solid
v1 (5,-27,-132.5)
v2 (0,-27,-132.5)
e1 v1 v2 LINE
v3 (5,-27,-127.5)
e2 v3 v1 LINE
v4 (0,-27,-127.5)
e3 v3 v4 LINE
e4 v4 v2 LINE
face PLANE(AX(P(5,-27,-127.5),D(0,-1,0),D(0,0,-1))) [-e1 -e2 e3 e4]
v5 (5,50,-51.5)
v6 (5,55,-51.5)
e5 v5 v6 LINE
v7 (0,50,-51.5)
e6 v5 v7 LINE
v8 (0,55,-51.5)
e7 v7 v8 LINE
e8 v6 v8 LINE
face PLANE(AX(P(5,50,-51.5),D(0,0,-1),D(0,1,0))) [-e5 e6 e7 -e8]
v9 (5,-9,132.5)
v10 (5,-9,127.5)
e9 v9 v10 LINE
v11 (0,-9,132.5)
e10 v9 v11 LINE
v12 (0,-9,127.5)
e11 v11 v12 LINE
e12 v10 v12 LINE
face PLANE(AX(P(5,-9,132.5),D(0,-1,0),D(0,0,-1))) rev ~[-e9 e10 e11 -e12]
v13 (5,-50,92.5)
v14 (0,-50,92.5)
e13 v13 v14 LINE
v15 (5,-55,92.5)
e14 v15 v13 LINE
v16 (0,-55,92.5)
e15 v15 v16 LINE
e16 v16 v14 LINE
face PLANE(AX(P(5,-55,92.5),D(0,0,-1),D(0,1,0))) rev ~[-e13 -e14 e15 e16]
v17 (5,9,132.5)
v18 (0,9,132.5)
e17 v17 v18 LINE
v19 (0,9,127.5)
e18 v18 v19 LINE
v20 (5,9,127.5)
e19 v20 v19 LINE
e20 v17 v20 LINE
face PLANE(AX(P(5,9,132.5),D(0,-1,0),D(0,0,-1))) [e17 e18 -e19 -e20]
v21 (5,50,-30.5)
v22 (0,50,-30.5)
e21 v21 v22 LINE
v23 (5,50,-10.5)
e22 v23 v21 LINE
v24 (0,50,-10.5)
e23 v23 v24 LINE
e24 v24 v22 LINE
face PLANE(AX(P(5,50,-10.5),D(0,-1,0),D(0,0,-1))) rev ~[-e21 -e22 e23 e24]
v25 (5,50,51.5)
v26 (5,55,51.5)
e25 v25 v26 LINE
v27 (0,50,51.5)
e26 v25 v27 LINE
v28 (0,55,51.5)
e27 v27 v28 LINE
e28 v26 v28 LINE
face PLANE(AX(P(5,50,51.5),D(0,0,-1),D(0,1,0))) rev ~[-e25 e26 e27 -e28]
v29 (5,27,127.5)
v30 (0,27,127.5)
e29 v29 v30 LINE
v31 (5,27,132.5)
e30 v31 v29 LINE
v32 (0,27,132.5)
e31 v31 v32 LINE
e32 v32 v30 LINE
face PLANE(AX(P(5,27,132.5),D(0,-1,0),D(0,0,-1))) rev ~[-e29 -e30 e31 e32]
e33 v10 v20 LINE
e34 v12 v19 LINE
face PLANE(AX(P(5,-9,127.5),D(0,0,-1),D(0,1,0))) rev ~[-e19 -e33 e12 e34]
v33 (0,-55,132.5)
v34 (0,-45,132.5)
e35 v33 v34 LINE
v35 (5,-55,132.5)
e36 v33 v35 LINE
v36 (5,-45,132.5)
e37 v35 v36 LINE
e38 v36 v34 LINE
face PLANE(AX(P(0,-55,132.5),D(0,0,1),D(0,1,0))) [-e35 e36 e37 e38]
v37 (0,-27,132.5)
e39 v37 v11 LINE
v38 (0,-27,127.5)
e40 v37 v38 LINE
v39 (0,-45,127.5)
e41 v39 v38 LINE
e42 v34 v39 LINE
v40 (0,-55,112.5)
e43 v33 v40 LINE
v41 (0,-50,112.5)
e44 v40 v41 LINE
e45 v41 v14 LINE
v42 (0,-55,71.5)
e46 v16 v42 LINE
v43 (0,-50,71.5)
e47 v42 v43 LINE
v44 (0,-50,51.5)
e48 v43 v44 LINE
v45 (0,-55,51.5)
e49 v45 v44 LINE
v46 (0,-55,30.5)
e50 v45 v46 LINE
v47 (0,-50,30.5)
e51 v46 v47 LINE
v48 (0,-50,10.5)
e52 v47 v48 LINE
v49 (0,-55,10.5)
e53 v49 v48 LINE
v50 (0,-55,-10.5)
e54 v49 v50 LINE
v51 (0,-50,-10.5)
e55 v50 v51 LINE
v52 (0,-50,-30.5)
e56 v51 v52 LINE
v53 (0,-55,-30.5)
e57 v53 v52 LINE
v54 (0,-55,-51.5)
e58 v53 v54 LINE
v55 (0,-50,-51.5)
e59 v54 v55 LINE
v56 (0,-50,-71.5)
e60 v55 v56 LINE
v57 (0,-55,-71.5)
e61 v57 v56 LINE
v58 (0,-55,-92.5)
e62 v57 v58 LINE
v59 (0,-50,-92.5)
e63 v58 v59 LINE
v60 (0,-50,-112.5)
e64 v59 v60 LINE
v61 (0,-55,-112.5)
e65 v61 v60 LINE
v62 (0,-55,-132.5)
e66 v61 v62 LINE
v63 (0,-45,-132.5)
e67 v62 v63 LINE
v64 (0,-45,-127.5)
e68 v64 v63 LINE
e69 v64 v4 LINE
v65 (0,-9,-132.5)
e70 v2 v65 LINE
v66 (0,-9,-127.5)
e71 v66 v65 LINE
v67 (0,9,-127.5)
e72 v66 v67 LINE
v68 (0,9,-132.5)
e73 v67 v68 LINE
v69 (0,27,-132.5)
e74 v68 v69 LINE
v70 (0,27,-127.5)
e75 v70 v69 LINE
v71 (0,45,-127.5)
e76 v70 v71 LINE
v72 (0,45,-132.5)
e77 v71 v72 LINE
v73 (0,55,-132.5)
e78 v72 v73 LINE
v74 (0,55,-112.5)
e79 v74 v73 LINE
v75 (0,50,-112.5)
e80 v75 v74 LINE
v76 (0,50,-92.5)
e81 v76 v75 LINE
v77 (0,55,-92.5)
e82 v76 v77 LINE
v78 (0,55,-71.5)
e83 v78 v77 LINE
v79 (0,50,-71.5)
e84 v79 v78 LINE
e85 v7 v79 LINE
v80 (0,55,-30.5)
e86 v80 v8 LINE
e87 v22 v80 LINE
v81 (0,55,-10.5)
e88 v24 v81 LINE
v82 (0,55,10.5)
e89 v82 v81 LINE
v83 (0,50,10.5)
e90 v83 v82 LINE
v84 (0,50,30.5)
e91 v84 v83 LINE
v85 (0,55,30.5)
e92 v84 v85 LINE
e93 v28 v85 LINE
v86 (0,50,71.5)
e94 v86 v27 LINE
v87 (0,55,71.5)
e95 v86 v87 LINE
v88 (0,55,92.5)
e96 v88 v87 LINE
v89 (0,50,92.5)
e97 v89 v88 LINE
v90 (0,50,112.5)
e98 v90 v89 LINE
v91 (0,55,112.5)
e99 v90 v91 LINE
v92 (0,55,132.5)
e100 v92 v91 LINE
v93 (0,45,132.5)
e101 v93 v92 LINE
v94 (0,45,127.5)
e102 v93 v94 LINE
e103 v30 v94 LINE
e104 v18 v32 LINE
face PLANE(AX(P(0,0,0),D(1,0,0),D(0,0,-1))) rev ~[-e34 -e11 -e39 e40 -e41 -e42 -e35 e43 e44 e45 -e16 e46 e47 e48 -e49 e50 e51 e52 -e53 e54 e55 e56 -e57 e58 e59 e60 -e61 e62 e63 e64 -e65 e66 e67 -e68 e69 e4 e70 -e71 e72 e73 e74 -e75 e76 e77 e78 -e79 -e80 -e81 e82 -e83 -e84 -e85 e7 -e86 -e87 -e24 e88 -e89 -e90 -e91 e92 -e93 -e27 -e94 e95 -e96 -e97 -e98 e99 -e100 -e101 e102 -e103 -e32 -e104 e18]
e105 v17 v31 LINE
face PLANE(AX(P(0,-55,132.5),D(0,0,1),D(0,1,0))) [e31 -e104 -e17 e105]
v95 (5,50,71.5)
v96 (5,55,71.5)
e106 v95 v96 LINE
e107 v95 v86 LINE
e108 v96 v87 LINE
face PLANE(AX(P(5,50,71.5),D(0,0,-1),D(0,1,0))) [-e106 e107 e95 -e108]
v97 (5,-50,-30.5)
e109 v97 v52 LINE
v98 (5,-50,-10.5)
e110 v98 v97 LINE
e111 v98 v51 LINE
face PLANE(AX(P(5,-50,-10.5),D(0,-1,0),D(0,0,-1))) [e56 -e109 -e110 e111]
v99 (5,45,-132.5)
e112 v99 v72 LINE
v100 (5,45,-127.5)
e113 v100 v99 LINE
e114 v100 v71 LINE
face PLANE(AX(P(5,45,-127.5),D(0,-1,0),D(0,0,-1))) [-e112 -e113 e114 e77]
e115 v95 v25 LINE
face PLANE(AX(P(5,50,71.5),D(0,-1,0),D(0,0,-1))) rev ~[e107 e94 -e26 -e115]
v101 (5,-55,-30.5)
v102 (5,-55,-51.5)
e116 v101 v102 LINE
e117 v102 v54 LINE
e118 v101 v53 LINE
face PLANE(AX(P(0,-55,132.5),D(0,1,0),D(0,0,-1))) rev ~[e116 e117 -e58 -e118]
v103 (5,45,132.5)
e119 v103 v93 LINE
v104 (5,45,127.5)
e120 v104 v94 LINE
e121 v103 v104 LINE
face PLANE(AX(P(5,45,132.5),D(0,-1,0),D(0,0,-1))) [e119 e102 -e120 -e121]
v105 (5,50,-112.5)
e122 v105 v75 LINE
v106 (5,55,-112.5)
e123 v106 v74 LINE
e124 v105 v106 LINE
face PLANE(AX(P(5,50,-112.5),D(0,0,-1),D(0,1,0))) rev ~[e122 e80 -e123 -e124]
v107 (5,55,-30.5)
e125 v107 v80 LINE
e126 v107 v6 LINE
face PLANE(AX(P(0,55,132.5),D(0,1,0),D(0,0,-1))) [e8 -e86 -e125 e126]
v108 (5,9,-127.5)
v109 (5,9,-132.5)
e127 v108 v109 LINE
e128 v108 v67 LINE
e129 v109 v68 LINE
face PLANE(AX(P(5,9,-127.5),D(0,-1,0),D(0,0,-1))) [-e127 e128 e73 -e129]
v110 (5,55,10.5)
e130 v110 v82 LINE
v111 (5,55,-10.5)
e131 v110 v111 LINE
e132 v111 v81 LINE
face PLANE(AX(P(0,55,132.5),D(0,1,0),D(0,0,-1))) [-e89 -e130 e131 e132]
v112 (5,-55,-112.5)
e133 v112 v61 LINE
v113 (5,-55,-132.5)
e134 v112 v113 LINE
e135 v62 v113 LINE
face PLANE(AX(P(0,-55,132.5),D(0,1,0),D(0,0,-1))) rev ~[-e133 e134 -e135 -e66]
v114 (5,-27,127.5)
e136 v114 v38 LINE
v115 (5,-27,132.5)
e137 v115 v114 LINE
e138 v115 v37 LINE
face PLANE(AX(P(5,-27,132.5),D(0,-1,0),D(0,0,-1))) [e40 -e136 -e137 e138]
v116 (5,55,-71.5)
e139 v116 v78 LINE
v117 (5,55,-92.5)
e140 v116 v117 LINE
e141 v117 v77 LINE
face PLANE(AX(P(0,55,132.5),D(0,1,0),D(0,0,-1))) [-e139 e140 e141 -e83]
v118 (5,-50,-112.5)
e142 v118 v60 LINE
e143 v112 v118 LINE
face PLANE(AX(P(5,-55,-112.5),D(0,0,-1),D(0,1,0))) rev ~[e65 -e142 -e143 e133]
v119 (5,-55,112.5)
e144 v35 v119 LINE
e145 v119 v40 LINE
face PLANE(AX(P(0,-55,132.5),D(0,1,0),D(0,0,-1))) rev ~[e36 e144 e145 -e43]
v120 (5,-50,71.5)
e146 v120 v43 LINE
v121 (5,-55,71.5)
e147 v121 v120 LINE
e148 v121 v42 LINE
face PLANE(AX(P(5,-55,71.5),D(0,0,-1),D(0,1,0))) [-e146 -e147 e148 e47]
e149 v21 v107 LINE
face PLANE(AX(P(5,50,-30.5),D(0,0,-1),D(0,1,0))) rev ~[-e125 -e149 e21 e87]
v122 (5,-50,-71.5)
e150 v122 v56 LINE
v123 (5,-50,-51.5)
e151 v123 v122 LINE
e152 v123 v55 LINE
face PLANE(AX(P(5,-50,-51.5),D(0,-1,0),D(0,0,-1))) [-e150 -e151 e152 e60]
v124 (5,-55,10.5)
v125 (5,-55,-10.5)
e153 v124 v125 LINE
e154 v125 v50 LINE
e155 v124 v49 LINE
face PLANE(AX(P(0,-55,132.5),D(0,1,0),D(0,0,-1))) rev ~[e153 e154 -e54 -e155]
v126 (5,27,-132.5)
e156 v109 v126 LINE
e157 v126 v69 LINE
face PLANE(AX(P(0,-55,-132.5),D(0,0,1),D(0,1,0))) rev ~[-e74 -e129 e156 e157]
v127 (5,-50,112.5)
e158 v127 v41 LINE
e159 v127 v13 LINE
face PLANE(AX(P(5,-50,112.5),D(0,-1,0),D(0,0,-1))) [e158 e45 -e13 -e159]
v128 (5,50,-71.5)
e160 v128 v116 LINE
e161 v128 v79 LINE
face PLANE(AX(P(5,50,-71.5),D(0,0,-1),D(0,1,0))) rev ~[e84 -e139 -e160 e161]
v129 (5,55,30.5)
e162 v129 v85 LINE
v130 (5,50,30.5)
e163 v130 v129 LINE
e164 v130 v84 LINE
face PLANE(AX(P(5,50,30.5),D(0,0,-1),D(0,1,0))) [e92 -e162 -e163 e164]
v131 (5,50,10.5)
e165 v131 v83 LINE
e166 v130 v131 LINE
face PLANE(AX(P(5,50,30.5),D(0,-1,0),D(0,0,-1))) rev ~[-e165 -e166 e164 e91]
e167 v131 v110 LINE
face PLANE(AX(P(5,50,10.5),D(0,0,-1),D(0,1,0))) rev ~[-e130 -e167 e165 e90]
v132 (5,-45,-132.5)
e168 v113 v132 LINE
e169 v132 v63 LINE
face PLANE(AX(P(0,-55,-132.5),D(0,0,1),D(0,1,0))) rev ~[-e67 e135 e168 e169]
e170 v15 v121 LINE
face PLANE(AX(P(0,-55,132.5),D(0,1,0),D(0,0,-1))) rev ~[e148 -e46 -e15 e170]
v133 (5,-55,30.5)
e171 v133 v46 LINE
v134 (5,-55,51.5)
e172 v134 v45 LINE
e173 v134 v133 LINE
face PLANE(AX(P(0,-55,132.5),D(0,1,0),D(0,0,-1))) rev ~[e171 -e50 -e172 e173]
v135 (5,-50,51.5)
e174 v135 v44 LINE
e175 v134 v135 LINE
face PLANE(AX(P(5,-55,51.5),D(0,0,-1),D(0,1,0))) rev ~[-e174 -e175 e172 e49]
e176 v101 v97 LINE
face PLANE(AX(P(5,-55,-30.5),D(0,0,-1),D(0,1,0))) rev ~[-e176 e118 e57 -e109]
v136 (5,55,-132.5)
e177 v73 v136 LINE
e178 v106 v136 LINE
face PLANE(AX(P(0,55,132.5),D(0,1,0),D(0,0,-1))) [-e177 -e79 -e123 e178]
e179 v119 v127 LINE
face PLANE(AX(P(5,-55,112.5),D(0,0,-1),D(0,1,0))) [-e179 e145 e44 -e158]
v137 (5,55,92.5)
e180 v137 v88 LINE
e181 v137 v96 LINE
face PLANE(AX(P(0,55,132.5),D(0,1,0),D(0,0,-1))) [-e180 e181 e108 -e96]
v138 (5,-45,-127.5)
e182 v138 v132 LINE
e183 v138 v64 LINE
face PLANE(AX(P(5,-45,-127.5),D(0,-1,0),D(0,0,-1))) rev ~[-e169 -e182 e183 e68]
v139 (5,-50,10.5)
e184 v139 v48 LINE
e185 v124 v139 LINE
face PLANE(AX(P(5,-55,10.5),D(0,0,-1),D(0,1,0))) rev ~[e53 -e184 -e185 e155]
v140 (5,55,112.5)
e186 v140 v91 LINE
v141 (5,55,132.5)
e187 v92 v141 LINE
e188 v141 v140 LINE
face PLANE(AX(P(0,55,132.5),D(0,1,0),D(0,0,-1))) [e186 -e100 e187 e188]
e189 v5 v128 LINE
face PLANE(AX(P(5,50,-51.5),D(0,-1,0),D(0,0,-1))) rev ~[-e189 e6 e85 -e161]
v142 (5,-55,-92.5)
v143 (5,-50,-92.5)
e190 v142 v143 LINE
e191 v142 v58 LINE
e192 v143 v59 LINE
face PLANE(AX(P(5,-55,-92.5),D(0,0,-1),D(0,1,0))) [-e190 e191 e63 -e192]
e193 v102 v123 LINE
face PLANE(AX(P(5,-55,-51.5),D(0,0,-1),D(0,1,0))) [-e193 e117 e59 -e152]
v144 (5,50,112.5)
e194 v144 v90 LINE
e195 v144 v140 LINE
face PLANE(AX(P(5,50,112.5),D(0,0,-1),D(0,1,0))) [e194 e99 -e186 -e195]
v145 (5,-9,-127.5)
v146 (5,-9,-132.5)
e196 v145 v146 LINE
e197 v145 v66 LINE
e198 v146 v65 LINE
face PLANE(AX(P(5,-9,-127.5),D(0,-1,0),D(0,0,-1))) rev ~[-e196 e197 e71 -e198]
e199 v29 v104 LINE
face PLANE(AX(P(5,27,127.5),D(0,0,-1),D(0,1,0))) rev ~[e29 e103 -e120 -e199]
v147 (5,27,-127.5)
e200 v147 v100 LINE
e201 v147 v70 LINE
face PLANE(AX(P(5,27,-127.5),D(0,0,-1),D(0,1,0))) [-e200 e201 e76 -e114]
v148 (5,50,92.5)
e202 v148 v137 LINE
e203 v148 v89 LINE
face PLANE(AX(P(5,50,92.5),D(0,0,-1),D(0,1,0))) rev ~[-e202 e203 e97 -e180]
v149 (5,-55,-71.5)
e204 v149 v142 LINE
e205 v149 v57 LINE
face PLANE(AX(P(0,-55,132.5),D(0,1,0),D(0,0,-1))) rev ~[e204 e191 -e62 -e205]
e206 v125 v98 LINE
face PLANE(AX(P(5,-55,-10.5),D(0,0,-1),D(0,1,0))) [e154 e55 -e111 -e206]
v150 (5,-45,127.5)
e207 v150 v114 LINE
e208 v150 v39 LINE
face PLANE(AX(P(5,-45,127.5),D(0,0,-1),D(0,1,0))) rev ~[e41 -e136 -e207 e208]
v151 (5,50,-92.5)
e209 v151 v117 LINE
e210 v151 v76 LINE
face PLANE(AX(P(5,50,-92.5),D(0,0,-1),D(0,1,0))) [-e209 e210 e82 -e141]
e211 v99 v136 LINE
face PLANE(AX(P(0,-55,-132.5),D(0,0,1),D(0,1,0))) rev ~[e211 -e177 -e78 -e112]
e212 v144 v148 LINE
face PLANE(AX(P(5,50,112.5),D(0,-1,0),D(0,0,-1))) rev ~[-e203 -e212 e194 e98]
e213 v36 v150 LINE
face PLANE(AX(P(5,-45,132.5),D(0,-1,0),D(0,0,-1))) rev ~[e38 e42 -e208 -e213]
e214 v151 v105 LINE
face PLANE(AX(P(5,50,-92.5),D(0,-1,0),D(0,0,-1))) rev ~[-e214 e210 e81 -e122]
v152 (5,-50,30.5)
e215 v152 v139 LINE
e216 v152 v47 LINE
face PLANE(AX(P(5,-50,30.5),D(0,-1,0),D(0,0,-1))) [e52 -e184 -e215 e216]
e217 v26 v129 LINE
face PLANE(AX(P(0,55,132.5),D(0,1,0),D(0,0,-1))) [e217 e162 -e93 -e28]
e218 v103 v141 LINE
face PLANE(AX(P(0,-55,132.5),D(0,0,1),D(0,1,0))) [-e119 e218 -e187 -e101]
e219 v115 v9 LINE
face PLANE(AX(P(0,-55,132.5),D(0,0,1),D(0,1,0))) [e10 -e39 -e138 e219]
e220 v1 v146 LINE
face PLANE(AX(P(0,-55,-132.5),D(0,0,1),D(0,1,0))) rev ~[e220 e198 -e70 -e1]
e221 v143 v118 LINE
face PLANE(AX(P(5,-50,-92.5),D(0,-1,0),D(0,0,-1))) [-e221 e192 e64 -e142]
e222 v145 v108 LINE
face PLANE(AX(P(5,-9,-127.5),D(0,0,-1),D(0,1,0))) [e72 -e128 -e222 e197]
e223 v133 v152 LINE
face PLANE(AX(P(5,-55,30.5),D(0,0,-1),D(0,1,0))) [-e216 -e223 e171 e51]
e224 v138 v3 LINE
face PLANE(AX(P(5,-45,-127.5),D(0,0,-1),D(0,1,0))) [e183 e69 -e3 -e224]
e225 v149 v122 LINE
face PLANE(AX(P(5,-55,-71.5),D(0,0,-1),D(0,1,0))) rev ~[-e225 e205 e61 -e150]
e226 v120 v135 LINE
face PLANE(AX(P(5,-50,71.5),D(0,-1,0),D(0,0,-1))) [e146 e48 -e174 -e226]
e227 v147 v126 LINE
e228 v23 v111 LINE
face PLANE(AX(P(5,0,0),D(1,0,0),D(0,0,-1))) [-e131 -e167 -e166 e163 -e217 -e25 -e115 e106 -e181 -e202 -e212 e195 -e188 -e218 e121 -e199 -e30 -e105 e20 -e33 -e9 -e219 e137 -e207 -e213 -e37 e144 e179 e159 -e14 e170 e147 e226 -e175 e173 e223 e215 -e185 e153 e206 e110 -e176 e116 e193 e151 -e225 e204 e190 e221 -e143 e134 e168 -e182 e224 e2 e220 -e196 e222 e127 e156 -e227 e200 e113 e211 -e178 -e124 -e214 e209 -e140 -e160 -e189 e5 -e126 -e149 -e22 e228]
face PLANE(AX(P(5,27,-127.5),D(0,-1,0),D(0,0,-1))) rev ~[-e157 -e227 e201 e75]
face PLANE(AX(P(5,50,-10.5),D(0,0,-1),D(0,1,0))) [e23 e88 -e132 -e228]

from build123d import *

# Parameters (mm, degrees)
SKETCH1_W           = 265
SKETCH1_H           = 110
BOSS_EXTRUDE1_DEPTH = 5
SKETCH2_W           = 5
SKETCH2_H           = 18
SKETCH2_W_2         = 20
SKETCH2_H_2         = 5
CUT_EXTRUDE1_DEPTH  = 5


with BuildPart() as part:
    # Sketch1 → Boss-Extrude1 (new body)
    with BuildSketch(Plane(origin=(0, 0, 0), x_dir=(0, 0, -1), z_dir=(1, 0, 0))):
        Rectangle(SKETCH1_W, SKETCH1_H)
    extrude(amount=BOSS_EXTRUDE1_DEPTH)

    # Sketch2 → Cut-Extrude1 (cut)
    with BuildSketch(Plane(origin=(5, 0, 0), x_dir=(0, 0, -1), z_dir=(1, 0, 0))):
        with Locations((-130, 36)):
            Rectangle(SKETCH2_W, SKETCH2_H)
        with Locations((-130, 0)):
            Rectangle(SKETCH2_W, SKETCH2_H)
        with Locations((-130, -36)):
            Rectangle(SKETCH2_W, SKETCH2_H)
        with Locations((130, -36)):
            Rectangle(SKETCH2_W, SKETCH2_H)
        with Locations((130, 0)):
            Rectangle(SKETCH2_W, SKETCH2_H)
        with Locations((130, 36)):
            Rectangle(SKETCH2_W, SKETCH2_H)
        with Locations((-61.5, 52.5)):
            Rectangle(SKETCH2_W_2, SKETCH2_H_2)
        with Locations((-102.5, 52.5)):
            Rectangle(SKETCH2_W_2, SKETCH2_H_2)
        with Locations((-20.5, 52.5)):
            Rectangle(SKETCH2_W_2, SKETCH2_H_2)
        with Locations((20.5, 52.5)):
            Rectangle(SKETCH2_W_2, SKETCH2_H_2)
        with Locations((61.5, 52.5)):
            Rectangle(SKETCH2_W_2, SKETCH2_H_2)
        with Locations((102.5, 52.5)):
            Rectangle(SKETCH2_W_2, SKETCH2_H_2)
        with Locations((102.5, -52.5)):
            Rectangle(SKETCH2_W_2, SKETCH2_H_2)
        with Locations((61.5, -52.5)):
            Rectangle(SKETCH2_W_2, SKETCH2_H_2)
        with Locations((20.5, -52.5)):
            Rectangle(SKETCH2_W_2, SKETCH2_H_2)
        with Locations((-20.5, -52.5)):
            Rectangle(SKETCH2_W_2, SKETCH2_H_2)
        with Locations((-61.5, -52.5)):
            Rectangle(SKETCH2_W_2, SKETCH2_H_2)
        with Locations((-102.5, -52.5)):
            Rectangle(SKETCH2_W_2, SKETCH2_H_2)
    extrude(amount=-CUT_EXTRUDE1_DEPTH, mode=Mode.SUBTRACT)


solid = part.part
